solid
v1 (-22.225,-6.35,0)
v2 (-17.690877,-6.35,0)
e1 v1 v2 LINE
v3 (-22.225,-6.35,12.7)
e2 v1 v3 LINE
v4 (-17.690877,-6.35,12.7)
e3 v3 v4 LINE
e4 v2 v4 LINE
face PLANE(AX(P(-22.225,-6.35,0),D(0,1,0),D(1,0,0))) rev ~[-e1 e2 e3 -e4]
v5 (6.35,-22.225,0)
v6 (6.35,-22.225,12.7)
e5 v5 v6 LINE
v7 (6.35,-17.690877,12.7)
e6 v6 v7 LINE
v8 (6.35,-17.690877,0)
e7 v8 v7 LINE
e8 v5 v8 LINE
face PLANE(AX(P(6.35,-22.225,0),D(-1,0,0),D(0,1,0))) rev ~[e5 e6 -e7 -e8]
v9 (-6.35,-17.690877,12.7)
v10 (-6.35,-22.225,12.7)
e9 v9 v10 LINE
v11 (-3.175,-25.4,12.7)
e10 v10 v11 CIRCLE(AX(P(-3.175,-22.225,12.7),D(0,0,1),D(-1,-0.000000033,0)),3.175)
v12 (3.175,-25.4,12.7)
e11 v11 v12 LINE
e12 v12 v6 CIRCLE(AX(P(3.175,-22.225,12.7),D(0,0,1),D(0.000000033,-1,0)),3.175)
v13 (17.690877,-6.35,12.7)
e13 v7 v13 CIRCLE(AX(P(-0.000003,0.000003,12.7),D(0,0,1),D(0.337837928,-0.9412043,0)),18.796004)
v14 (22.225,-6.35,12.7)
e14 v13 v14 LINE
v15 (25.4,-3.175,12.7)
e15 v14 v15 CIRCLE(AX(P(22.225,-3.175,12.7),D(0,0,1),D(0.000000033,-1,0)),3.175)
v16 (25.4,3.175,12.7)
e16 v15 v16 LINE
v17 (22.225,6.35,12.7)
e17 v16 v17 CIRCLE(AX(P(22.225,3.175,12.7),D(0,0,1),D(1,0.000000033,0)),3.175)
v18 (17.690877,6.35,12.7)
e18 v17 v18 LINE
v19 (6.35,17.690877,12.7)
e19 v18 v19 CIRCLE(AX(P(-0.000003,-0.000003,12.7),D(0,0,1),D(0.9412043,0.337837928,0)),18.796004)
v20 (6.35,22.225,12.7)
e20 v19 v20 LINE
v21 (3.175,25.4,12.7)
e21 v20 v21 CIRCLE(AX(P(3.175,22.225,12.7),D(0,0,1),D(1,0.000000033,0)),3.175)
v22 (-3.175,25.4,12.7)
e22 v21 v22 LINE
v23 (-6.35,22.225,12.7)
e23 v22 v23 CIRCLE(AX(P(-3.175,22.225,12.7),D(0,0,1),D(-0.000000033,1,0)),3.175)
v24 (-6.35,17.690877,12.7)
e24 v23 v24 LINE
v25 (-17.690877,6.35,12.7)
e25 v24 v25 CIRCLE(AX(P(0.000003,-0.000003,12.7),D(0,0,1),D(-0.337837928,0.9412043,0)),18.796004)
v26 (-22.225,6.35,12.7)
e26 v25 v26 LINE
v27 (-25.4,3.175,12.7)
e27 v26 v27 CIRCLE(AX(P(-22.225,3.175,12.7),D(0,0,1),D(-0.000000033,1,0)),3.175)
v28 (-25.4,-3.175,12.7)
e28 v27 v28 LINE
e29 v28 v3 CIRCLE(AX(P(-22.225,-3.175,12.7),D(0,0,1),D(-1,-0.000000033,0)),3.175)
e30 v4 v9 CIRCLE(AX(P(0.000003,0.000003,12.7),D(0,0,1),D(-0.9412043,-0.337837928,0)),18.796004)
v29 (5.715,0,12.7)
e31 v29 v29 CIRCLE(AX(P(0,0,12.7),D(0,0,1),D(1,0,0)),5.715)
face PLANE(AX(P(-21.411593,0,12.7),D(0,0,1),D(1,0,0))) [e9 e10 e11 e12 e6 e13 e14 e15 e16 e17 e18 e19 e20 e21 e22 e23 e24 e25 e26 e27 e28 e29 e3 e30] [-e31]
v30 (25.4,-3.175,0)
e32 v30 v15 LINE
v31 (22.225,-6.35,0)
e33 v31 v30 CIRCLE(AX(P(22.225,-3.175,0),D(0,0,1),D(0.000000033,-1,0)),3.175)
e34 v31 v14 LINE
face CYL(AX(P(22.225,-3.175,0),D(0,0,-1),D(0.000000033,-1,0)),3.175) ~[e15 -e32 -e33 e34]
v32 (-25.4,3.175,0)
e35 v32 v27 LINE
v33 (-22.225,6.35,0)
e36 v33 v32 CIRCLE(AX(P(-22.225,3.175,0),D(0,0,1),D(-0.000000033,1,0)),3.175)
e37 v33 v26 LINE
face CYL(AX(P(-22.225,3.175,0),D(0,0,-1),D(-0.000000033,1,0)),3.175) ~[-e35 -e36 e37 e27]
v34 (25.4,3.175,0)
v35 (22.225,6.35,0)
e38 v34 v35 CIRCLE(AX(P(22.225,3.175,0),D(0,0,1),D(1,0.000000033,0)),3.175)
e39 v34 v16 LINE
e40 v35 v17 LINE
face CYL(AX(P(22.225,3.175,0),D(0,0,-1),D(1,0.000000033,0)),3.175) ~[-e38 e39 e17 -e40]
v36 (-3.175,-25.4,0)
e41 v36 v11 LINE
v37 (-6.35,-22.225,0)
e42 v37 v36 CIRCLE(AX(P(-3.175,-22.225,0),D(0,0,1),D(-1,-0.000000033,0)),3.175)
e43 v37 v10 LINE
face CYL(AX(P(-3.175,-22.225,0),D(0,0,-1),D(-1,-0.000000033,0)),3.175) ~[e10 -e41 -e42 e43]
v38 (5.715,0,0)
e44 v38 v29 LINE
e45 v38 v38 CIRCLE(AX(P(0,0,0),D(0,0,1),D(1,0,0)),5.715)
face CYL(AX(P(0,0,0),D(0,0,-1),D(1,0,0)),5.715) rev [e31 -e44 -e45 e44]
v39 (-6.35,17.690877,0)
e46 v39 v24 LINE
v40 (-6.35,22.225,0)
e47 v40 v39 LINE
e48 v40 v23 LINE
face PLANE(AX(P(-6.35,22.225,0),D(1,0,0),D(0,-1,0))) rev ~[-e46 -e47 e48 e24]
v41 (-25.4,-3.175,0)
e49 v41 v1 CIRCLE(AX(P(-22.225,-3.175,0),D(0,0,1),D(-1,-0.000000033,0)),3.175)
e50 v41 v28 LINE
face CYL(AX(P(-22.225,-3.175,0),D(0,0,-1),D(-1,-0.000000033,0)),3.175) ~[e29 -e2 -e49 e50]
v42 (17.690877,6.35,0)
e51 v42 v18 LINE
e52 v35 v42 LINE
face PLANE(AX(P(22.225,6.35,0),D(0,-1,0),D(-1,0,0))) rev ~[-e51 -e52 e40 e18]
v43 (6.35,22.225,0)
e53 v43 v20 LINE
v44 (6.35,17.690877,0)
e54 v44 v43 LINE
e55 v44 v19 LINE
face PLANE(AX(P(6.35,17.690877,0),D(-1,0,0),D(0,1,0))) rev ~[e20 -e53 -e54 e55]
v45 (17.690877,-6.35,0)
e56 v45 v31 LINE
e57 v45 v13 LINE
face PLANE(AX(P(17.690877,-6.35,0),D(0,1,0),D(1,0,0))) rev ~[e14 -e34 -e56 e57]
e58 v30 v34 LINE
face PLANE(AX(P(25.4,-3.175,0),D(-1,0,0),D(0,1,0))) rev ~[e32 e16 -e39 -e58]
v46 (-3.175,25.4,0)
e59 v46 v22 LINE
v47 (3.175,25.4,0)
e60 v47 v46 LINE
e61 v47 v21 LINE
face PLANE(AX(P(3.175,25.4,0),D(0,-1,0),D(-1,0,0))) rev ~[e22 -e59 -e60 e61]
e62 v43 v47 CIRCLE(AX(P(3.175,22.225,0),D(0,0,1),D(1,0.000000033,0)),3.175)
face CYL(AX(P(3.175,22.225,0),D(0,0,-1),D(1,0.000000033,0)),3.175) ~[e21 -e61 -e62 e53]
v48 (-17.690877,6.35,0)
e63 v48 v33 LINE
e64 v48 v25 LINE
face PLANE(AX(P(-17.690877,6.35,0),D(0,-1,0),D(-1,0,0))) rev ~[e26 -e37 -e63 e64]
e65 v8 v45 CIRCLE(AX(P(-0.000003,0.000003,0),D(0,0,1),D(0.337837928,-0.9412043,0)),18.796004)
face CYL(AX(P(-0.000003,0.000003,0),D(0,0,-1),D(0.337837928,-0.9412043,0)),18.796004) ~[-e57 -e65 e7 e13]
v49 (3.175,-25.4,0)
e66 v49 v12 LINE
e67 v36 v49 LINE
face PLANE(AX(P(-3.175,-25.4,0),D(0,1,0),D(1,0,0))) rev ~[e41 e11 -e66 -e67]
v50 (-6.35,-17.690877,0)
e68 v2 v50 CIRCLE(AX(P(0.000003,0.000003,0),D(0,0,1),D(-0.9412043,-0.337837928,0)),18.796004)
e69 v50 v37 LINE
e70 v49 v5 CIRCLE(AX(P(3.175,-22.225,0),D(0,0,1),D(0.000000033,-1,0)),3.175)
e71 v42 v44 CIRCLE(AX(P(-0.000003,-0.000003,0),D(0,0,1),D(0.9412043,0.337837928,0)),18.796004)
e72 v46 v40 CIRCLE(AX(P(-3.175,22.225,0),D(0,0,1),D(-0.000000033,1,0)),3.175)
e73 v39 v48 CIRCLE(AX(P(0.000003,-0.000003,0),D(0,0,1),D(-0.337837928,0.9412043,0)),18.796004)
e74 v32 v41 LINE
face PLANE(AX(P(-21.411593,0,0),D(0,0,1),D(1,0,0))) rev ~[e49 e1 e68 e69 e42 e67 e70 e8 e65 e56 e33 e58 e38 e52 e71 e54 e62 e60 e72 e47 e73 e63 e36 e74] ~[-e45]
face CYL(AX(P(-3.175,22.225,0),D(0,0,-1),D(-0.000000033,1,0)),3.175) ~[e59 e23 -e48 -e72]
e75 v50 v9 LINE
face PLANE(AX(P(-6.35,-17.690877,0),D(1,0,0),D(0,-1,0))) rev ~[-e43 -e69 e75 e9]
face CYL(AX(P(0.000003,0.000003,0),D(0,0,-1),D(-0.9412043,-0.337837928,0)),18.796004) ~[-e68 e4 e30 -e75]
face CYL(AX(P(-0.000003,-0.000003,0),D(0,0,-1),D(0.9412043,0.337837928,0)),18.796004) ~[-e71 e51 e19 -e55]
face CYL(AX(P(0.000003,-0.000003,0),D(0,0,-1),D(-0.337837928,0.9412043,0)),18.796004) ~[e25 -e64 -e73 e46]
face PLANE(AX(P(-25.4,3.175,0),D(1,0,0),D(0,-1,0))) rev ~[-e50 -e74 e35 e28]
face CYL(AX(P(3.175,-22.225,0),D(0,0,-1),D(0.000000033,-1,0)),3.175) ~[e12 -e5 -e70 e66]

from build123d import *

# Parameters (mm, degrees)
F0_R     = 7.9375
F0_R_2   = 5.715
F1_DEPTH = 12.7


with BuildPart() as f1:
    # F0 (on Top) → F1 (new body)
    with BuildSketch(Plane.XY):
        with BuildLine():
            ThreePointArc((-17.690877, -6.35), (-18.796, 0), (-17.690877, 6.35))
            Line((-17.690877, 6.35), (-22.225, 6.35))
            ThreePointArc((-22.225, 6.35), (-24.470064, 5.420064), (-25.4, 3.175))
            Line((-25.4, 3.175), (-25.4, -3.175))
            ThreePointArc((-25.4, -3.175), (-24.470064, -5.420064), (-22.225, -6.35))
            Line((-22.225, -6.35), (-17.690877, -6.35))
        make_face()
        with BuildLine():
            ThreePointArc((17.690877, -6.35), (18.517658, -3.222724), (18.796, 0))
            ThreePointArc((18.796, 0), (18.517658, 3.222724), (17.690877, 6.35))
            ThreePointArc((17.690877, 6.35), (13.290779, 13.290779), (6.35, 17.690877))
            ThreePointArc((6.35, 17.690877), (0, 18.796), (-6.35, 17.690877))
            ThreePointArc((-6.35, 17.690877), (-13.290779, 13.290779), (-17.690877, 6.35))
            ThreePointArc((-17.690877, 6.35), (-18.796, 0), (-17.690877, -6.35))
            ThreePointArc((-17.690877, -6.35), (-13.290779, -13.290779), (-6.35, -17.690877))
            ThreePointArc((-6.35, -17.690877), (0, -18.796), (6.35, -17.690877))
            ThreePointArc((6.35, -17.690877), (13.290779, -13.290779), (17.690877, -6.35))
        make_face()
        Circle(F0_R, mode=Mode.SUBTRACT)
        with BuildLine():
            ThreePointArc((-6.35, 17.690877), (0, 18.796), (6.35, 17.690877))
            Line((6.35, 17.690877), (6.35, 22.225))
            ThreePointArc((6.35, 22.225), (5.420064, 24.470064), (3.175, 25.4))
            Line((3.175, 25.4), (-3.175, 25.4))
            ThreePointArc((-3.175, 25.4), (-5.420064, 24.470064), (-6.35, 22.225))
            Line((-6.35, 22.225), (-6.35, 17.690877))
        make_face()
        with BuildLine():
            Line((6.35, -22.225), (6.35, -17.690877))
            ThreePointArc((6.35, -17.690877), (0, -18.796), (-6.35, -17.690877))
            Line((-6.35, -17.690877), (-6.35, -22.225))
            ThreePointArc((-6.35, -22.225), (-5.420064, -24.470064), (-3.175, -25.4))
            Line((-3.175, -25.4), (3.175, -25.4))
            ThreePointArc((3.175, -25.4), (5.420064, -24.470064), (6.35, -22.225))
        make_face()
        with BuildLine():
            ThreePointArc((17.690877, 6.35), (18.517658, 3.222724), (18.796, 0))
            ThreePointArc((18.796, 0), (18.517658, -3.222724), (17.690877, -6.35))
            Line((17.690877, -6.35), (22.225, -6.35))
            ThreePointArc((22.225, -6.35), (24.470064, -5.420064), (25.4, -3.175))
            Line((25.4, -3.175), (25.4, 3.175))
            ThreePointArc((25.4, 3.175), (24.470064, 5.420064), (22.225, 6.35))
            Line((22.225, 6.35), (17.690877, 6.35))
        make_face()
        Circle(F0_R)
        Circle(F0_R_2, mode=Mode.SUBTRACT)
    extrude(amount=F1_DEPTH)


solid = f1.part
